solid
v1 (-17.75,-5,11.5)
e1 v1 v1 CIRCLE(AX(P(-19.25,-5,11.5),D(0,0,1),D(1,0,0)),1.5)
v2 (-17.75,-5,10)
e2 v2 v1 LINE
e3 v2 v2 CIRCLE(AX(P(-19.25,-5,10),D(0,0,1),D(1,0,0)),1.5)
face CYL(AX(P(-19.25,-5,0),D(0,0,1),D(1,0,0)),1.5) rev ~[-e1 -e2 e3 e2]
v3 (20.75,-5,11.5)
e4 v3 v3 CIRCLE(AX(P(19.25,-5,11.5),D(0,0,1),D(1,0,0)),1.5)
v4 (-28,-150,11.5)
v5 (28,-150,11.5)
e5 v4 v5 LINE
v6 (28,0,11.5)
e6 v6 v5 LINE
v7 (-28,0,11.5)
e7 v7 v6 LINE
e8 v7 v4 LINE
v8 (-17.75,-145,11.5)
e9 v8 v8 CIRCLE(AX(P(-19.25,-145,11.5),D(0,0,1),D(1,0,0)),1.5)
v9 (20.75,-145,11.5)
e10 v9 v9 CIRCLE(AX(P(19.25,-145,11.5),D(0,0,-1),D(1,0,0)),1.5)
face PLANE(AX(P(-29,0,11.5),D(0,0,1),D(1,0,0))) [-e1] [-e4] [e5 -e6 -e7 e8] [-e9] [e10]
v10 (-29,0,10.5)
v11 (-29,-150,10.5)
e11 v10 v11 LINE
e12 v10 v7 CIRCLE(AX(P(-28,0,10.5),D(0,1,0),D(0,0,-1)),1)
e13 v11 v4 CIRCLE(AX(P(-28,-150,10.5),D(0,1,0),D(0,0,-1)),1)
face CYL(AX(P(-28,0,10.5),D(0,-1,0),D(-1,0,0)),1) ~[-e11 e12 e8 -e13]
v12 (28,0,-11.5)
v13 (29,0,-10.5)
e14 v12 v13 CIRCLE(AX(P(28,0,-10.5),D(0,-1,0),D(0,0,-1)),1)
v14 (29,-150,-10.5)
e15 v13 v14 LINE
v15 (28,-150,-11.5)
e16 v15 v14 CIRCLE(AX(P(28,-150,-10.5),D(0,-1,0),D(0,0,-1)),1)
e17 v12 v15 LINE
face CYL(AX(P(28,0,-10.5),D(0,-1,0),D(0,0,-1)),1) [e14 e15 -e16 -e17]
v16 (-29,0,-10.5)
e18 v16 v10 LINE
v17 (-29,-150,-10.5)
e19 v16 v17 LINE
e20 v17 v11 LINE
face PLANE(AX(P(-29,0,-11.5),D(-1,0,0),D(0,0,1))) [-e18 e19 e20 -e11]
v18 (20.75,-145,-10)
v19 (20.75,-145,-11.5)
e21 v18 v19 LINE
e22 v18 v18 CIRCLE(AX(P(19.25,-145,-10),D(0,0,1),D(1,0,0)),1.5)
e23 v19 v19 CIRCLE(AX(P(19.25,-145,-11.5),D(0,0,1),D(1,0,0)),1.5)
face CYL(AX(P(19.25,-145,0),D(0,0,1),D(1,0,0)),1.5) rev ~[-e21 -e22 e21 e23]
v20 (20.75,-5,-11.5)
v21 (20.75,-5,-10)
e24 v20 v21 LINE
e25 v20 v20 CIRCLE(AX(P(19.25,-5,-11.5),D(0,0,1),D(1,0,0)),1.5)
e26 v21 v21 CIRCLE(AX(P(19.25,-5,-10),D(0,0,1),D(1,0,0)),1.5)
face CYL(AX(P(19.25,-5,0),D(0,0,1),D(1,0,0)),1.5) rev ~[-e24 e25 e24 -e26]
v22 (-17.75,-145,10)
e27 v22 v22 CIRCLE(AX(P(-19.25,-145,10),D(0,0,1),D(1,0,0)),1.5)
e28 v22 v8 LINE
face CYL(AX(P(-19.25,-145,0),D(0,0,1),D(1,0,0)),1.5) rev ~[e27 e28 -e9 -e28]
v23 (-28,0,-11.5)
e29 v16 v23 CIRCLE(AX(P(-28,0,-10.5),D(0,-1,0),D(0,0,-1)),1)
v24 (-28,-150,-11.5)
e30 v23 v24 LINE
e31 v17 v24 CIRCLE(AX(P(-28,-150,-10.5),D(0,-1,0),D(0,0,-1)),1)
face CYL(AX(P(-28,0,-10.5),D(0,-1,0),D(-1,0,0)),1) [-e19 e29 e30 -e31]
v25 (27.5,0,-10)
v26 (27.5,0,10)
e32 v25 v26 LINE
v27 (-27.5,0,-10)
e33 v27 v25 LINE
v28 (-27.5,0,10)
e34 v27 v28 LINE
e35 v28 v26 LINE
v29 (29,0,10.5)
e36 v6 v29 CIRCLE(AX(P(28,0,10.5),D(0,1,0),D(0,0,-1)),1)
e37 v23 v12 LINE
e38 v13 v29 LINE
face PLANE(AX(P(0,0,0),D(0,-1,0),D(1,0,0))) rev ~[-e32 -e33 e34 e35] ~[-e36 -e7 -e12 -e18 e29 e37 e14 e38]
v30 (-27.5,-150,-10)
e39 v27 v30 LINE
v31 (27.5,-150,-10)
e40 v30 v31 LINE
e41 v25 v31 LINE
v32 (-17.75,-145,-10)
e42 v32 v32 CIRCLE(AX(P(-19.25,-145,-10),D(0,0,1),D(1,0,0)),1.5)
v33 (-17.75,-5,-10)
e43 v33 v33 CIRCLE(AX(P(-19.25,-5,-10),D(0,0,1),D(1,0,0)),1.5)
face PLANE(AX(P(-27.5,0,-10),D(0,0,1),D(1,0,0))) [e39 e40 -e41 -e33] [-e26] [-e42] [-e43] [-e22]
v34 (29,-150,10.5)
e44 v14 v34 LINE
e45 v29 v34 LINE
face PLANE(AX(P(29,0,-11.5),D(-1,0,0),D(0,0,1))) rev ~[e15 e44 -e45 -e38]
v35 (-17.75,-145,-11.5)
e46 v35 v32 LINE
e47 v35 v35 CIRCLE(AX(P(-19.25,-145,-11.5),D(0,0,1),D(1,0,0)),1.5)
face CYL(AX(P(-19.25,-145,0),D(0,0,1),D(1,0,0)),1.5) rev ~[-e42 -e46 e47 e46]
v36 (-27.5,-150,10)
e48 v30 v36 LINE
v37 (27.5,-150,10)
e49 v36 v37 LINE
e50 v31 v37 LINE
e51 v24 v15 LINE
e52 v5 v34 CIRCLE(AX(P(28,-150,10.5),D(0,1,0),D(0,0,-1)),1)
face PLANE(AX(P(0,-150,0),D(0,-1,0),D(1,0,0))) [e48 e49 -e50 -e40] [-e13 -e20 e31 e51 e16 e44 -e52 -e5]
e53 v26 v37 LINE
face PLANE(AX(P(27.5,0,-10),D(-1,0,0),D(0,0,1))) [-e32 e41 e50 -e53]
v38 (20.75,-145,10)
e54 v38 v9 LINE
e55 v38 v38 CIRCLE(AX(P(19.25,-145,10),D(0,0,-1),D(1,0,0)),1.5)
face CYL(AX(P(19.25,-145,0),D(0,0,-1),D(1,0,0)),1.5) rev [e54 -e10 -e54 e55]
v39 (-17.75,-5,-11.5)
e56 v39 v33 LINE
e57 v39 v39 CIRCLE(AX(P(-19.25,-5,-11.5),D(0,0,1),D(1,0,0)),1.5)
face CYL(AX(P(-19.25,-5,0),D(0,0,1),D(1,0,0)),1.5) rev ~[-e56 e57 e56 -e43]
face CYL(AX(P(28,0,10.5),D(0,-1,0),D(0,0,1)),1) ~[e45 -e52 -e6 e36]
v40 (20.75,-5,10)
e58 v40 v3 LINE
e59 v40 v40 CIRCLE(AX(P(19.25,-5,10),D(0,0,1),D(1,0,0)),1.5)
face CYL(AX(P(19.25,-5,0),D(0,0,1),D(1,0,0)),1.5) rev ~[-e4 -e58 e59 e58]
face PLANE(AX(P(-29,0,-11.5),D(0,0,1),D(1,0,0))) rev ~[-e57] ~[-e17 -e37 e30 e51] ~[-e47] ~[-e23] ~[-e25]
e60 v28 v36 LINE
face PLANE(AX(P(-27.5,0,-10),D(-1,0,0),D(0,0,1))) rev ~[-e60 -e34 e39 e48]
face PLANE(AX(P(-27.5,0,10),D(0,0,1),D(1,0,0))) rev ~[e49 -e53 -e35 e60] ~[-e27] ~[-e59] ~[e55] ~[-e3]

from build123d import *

# Parameters (mm, degrees)
F0_W     = 58
F0_H     = 23
F0_W_2   = 55
F0_H_2   = 20
F1_DEPTH = 150
F2_R     = 1
F3_R     = 1.5
F4_DEPTH = 15
F5_DEPTH = 15
F6_DEPTH = 15


with BuildPart() as f1:
    # F0 (on Front) → F1 (new body)
    with BuildSketch(Plane.XZ):
        Rectangle(F0_W, F0_H)
        Rectangle(F0_W_2, F0_H_2, mode=Mode.SUBTRACT)
    extrude(amount=F1_DEPTH)

    # F2
    f2_edges = [f1.edges().sort_by_distance(p)[0] for p in [
        (-29, -75, 11.5),
        (29, -75, 11.5),
        (-29, -75, -11.5),
        (29, -75, -11.5),
    ]]
    fillet(f2_edges, radius=F2_R)

    # F3 (on Top) → F4 (cut, symmetric)
    with BuildSketch(Plane.XY):
        with Locations((-19.25, -5)):
            Circle(F3_R)
    extrude(amount=F4_DEPTH, both=True, mode=Mode.SUBTRACT)

    # F3 (on Top) → F5 (cut, symmetric)
    with BuildSketch(Plane.XY):
        with Locations((19.25, -5)):
            Circle(F3_R)
    extrude(amount=F5_DEPTH, both=True, mode=Mode.SUBTRACT)

    # F3 (on Top) → F6 (cut, symmetric)
    with BuildSketch(Plane.XY):
        with Locations((19.25, -145)):
            Circle(F3_R)
        with Locations((-19.25, -145)):
            Circle(F3_R)
    extrude(amount=F6_DEPTH, both=True, mode=Mode.SUBTRACT)


solid = f1.part
